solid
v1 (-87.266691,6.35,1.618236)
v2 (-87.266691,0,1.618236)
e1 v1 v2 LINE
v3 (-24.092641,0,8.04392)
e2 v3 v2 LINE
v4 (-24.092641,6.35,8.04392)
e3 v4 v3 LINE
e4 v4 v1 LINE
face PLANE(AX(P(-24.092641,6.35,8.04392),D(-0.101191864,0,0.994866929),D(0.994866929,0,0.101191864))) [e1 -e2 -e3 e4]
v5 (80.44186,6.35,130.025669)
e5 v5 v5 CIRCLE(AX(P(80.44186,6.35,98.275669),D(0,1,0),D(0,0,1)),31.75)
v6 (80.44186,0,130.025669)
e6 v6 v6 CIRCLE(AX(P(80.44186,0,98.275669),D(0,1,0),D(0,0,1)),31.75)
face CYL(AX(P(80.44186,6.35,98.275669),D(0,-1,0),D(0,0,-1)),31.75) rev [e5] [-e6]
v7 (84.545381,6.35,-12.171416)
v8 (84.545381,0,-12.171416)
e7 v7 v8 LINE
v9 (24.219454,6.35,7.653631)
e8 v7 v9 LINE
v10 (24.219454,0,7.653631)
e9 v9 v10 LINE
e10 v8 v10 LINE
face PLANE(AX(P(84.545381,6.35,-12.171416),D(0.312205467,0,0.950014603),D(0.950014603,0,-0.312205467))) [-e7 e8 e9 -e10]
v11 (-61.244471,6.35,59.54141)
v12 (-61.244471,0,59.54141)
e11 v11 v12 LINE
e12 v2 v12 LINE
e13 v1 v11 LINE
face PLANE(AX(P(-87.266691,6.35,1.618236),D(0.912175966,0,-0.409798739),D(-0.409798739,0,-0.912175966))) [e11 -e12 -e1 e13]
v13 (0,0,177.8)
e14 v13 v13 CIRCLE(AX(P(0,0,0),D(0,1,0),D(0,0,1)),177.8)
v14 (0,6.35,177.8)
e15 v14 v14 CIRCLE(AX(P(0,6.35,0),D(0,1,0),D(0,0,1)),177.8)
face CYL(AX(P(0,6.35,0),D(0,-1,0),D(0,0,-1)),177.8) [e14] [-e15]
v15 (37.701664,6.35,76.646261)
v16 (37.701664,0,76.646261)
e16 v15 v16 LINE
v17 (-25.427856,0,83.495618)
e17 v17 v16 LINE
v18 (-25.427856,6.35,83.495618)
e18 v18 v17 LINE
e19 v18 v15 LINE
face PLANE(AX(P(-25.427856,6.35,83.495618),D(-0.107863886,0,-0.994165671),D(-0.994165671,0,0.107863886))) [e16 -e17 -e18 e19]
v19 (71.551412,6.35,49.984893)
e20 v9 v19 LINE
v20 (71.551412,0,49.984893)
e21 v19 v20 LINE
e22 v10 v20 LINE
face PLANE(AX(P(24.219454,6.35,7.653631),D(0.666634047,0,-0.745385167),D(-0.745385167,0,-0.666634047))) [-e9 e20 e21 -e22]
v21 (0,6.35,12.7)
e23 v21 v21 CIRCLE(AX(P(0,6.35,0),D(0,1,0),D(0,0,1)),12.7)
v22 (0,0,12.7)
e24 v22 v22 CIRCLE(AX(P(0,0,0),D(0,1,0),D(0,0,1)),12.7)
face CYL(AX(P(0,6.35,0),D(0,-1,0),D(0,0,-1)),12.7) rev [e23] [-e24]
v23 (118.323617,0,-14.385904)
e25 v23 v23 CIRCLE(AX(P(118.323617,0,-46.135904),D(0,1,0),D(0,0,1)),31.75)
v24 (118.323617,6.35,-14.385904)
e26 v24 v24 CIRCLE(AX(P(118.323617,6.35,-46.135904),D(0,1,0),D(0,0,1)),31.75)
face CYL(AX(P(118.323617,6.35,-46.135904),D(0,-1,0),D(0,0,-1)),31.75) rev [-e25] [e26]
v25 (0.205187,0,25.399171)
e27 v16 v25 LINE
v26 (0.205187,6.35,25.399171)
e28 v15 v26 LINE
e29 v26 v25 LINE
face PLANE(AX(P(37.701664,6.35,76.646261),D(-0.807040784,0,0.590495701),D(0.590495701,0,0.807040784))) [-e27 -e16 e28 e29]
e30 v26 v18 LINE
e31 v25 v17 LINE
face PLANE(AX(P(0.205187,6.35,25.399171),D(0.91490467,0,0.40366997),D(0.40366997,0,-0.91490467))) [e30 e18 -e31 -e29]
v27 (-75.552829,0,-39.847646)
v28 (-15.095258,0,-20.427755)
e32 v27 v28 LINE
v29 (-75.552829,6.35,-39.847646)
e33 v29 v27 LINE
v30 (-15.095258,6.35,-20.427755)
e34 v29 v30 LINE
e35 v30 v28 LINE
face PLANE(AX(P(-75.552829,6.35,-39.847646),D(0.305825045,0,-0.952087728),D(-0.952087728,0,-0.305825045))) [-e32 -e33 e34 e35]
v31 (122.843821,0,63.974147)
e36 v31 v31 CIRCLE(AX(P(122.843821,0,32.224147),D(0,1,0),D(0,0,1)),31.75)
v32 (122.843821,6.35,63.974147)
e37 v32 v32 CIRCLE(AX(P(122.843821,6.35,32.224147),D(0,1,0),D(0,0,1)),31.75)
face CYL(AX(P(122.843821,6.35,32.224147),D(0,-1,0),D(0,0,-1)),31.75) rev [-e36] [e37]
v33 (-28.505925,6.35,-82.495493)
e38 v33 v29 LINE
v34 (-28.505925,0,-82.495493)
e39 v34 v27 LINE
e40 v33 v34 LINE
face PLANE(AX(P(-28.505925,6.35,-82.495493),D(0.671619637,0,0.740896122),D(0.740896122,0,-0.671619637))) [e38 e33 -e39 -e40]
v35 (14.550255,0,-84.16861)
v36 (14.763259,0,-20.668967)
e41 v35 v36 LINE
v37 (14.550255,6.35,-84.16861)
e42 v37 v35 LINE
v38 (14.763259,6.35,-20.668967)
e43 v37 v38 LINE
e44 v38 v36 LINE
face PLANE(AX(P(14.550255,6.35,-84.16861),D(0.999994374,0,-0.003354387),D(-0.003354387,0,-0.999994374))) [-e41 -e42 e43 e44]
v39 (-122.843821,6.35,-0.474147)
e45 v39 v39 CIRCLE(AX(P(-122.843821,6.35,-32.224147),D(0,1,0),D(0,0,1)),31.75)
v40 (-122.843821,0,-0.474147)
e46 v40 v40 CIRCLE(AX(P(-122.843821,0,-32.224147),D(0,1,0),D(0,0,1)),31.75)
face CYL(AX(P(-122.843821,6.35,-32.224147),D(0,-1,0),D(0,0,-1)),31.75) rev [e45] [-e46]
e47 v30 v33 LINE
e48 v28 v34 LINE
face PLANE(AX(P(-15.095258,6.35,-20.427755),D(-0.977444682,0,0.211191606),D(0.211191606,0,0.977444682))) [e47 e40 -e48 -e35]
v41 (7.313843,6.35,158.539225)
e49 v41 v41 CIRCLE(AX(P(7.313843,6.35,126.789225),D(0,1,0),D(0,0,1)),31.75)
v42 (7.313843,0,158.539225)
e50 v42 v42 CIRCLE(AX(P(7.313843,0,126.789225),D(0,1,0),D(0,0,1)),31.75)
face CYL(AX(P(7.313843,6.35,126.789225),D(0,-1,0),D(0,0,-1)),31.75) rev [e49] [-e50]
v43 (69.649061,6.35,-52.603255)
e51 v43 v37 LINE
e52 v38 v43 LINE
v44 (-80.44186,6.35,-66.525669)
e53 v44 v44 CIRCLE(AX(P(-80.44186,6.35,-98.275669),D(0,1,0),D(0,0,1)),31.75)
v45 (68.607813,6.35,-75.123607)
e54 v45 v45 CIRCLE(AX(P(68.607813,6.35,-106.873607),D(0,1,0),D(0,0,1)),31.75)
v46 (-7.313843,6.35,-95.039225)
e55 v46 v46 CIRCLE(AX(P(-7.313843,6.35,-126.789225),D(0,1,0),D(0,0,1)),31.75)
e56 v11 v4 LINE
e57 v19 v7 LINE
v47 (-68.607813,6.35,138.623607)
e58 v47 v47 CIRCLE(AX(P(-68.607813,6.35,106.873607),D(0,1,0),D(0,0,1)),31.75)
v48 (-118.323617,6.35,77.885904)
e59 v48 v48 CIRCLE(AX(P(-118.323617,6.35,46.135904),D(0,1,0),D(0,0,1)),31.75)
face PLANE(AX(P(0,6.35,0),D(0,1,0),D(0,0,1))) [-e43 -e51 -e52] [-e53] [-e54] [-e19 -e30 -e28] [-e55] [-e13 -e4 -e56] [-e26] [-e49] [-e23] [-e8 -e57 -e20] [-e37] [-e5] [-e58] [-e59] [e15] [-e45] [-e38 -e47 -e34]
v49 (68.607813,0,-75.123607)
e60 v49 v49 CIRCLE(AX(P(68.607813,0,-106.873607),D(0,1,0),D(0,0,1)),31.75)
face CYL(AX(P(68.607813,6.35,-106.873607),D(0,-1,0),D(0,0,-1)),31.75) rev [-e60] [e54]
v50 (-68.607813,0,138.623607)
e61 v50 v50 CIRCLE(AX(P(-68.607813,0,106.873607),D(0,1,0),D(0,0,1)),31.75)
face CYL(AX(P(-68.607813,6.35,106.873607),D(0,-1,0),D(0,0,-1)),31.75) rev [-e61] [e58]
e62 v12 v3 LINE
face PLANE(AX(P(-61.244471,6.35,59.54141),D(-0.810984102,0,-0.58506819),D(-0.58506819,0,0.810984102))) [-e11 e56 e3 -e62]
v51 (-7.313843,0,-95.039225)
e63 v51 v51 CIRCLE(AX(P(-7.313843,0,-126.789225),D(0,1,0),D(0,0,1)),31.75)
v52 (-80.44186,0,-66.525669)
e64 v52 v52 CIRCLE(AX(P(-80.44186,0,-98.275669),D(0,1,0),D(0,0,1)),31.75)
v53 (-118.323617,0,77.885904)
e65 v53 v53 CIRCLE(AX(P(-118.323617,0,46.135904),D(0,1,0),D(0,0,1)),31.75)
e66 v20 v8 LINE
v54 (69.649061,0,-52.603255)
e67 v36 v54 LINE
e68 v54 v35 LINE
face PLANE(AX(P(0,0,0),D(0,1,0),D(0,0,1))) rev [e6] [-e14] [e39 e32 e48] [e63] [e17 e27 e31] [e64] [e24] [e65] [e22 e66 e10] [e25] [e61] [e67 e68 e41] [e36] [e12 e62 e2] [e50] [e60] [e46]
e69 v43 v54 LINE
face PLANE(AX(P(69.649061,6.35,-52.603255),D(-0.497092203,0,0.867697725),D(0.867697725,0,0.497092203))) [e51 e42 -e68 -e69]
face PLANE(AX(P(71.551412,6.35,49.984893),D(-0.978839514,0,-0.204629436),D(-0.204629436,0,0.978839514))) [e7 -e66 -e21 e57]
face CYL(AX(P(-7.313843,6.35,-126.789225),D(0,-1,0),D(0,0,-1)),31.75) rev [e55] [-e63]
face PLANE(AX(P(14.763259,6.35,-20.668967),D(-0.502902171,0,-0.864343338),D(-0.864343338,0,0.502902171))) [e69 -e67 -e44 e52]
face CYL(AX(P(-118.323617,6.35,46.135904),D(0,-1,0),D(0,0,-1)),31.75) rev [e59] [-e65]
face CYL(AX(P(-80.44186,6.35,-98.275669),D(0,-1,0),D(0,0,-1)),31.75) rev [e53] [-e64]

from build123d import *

# Parameters (mm, degrees)
SKETCH1_R           = 177.8
SKETCH1_R_2         = 31.75
SKETCH1_R_3         = 12.7
BOSS_EXTRUDE1_DEPTH = 6.35


with BuildPart() as part:
    # Sketch1 → Boss-Extrude1 (new body)
    with BuildSketch(Plane(origin=(0, 0, 0), x_dir=(1, 0, 0), z_dir=(0, 1, 0))):
        with Locations(Location((0, 0, 0), (0, 0, 270))):
            Circle(SKETCH1_R)
        with Locations(Location((-80.441860309, 98.275668962, 0), (0, 0, 270))):
            Circle(SKETCH1_R_2, mode=Mode.SUBTRACT)
        with Locations(Location((-7.313843174, 126.789225481, 0), (0, 0, 270))):
            Circle(SKETCH1_R_2, mode=Mode.SUBTRACT)
        with Locations(Location((68.607813465, 106.873607273, 0), (0, 0, 270))):
            Circle(SKETCH1_R_2, mode=Mode.SUBTRACT)
        with Locations(Location((118.323617255, 46.135903587, 0), (0, 0, 270))):
            Circle(SKETCH1_R_2, mode=Mode.SUBTRACT)
        with Locations(Location((122.843820924, -32.224147168, 0), (0, 0, 270))):
            Circle(SKETCH1_R_2, mode=Mode.SUBTRACT)
        with Locations(Location((80.441860309, -98.275668962, 0), (0, 0, 270))):
            Circle(SKETCH1_R_2, mode=Mode.SUBTRACT)
        with Locations(Location((7.313843174, -126.789225481, 0), (0, 0, 270))):
            Circle(SKETCH1_R_2, mode=Mode.SUBTRACT)
        with Locations(Location((-68.607813465, -106.873607273, 0), (0, 0, 270))):
            Circle(SKETCH1_R_2, mode=Mode.SUBTRACT)
        with Locations(Location((-118.323617255, -46.135903587, 0), (0, 0, 270))):
            Circle(SKETCH1_R_2, mode=Mode.SUBTRACT)
        with Locations(Location((-122.843820924, 32.224147168, 0), (0, 0, 270))):
            Circle(SKETCH1_R_2, mode=Mode.SUBTRACT)
        with Locations(Location((0, 0, 0), (0, 0, 270))):
            Circle(SKETCH1_R_3, mode=Mode.SUBTRACT)
        Polygon((84.545380805, 12.171415864), (24.219453502, -7.6536313), (71.551411628, -49.984893269), align=None, mode=Mode.SUBTRACT)
        Polygon((14.550255095, 84.168609684), (14.763258648, 20.668966934), (69.649060625, 52.603254797), align=None, mode=Mode.SUBTRACT)
        Polygon((37.701663834, -76.646260989), (0.205186805, -25.399171214), (-25.427856295, -83.495617761), align=None, mode=Mode.SUBTRACT)
        Polygon((-61.244471123, -59.541410266), (-24.092641082, -8.043919797), (-87.26669108, -1.618236419), align=None, mode=Mode.SUBTRACT)
        Polygon((-75.552828611, 39.847645707), (-15.095257873, 20.427755377), (-28.505924878, 82.495492653), align=None, mode=Mode.SUBTRACT)
    extrude(amount=BOSS_EXTRUDE1_DEPTH)


solid = part.part
